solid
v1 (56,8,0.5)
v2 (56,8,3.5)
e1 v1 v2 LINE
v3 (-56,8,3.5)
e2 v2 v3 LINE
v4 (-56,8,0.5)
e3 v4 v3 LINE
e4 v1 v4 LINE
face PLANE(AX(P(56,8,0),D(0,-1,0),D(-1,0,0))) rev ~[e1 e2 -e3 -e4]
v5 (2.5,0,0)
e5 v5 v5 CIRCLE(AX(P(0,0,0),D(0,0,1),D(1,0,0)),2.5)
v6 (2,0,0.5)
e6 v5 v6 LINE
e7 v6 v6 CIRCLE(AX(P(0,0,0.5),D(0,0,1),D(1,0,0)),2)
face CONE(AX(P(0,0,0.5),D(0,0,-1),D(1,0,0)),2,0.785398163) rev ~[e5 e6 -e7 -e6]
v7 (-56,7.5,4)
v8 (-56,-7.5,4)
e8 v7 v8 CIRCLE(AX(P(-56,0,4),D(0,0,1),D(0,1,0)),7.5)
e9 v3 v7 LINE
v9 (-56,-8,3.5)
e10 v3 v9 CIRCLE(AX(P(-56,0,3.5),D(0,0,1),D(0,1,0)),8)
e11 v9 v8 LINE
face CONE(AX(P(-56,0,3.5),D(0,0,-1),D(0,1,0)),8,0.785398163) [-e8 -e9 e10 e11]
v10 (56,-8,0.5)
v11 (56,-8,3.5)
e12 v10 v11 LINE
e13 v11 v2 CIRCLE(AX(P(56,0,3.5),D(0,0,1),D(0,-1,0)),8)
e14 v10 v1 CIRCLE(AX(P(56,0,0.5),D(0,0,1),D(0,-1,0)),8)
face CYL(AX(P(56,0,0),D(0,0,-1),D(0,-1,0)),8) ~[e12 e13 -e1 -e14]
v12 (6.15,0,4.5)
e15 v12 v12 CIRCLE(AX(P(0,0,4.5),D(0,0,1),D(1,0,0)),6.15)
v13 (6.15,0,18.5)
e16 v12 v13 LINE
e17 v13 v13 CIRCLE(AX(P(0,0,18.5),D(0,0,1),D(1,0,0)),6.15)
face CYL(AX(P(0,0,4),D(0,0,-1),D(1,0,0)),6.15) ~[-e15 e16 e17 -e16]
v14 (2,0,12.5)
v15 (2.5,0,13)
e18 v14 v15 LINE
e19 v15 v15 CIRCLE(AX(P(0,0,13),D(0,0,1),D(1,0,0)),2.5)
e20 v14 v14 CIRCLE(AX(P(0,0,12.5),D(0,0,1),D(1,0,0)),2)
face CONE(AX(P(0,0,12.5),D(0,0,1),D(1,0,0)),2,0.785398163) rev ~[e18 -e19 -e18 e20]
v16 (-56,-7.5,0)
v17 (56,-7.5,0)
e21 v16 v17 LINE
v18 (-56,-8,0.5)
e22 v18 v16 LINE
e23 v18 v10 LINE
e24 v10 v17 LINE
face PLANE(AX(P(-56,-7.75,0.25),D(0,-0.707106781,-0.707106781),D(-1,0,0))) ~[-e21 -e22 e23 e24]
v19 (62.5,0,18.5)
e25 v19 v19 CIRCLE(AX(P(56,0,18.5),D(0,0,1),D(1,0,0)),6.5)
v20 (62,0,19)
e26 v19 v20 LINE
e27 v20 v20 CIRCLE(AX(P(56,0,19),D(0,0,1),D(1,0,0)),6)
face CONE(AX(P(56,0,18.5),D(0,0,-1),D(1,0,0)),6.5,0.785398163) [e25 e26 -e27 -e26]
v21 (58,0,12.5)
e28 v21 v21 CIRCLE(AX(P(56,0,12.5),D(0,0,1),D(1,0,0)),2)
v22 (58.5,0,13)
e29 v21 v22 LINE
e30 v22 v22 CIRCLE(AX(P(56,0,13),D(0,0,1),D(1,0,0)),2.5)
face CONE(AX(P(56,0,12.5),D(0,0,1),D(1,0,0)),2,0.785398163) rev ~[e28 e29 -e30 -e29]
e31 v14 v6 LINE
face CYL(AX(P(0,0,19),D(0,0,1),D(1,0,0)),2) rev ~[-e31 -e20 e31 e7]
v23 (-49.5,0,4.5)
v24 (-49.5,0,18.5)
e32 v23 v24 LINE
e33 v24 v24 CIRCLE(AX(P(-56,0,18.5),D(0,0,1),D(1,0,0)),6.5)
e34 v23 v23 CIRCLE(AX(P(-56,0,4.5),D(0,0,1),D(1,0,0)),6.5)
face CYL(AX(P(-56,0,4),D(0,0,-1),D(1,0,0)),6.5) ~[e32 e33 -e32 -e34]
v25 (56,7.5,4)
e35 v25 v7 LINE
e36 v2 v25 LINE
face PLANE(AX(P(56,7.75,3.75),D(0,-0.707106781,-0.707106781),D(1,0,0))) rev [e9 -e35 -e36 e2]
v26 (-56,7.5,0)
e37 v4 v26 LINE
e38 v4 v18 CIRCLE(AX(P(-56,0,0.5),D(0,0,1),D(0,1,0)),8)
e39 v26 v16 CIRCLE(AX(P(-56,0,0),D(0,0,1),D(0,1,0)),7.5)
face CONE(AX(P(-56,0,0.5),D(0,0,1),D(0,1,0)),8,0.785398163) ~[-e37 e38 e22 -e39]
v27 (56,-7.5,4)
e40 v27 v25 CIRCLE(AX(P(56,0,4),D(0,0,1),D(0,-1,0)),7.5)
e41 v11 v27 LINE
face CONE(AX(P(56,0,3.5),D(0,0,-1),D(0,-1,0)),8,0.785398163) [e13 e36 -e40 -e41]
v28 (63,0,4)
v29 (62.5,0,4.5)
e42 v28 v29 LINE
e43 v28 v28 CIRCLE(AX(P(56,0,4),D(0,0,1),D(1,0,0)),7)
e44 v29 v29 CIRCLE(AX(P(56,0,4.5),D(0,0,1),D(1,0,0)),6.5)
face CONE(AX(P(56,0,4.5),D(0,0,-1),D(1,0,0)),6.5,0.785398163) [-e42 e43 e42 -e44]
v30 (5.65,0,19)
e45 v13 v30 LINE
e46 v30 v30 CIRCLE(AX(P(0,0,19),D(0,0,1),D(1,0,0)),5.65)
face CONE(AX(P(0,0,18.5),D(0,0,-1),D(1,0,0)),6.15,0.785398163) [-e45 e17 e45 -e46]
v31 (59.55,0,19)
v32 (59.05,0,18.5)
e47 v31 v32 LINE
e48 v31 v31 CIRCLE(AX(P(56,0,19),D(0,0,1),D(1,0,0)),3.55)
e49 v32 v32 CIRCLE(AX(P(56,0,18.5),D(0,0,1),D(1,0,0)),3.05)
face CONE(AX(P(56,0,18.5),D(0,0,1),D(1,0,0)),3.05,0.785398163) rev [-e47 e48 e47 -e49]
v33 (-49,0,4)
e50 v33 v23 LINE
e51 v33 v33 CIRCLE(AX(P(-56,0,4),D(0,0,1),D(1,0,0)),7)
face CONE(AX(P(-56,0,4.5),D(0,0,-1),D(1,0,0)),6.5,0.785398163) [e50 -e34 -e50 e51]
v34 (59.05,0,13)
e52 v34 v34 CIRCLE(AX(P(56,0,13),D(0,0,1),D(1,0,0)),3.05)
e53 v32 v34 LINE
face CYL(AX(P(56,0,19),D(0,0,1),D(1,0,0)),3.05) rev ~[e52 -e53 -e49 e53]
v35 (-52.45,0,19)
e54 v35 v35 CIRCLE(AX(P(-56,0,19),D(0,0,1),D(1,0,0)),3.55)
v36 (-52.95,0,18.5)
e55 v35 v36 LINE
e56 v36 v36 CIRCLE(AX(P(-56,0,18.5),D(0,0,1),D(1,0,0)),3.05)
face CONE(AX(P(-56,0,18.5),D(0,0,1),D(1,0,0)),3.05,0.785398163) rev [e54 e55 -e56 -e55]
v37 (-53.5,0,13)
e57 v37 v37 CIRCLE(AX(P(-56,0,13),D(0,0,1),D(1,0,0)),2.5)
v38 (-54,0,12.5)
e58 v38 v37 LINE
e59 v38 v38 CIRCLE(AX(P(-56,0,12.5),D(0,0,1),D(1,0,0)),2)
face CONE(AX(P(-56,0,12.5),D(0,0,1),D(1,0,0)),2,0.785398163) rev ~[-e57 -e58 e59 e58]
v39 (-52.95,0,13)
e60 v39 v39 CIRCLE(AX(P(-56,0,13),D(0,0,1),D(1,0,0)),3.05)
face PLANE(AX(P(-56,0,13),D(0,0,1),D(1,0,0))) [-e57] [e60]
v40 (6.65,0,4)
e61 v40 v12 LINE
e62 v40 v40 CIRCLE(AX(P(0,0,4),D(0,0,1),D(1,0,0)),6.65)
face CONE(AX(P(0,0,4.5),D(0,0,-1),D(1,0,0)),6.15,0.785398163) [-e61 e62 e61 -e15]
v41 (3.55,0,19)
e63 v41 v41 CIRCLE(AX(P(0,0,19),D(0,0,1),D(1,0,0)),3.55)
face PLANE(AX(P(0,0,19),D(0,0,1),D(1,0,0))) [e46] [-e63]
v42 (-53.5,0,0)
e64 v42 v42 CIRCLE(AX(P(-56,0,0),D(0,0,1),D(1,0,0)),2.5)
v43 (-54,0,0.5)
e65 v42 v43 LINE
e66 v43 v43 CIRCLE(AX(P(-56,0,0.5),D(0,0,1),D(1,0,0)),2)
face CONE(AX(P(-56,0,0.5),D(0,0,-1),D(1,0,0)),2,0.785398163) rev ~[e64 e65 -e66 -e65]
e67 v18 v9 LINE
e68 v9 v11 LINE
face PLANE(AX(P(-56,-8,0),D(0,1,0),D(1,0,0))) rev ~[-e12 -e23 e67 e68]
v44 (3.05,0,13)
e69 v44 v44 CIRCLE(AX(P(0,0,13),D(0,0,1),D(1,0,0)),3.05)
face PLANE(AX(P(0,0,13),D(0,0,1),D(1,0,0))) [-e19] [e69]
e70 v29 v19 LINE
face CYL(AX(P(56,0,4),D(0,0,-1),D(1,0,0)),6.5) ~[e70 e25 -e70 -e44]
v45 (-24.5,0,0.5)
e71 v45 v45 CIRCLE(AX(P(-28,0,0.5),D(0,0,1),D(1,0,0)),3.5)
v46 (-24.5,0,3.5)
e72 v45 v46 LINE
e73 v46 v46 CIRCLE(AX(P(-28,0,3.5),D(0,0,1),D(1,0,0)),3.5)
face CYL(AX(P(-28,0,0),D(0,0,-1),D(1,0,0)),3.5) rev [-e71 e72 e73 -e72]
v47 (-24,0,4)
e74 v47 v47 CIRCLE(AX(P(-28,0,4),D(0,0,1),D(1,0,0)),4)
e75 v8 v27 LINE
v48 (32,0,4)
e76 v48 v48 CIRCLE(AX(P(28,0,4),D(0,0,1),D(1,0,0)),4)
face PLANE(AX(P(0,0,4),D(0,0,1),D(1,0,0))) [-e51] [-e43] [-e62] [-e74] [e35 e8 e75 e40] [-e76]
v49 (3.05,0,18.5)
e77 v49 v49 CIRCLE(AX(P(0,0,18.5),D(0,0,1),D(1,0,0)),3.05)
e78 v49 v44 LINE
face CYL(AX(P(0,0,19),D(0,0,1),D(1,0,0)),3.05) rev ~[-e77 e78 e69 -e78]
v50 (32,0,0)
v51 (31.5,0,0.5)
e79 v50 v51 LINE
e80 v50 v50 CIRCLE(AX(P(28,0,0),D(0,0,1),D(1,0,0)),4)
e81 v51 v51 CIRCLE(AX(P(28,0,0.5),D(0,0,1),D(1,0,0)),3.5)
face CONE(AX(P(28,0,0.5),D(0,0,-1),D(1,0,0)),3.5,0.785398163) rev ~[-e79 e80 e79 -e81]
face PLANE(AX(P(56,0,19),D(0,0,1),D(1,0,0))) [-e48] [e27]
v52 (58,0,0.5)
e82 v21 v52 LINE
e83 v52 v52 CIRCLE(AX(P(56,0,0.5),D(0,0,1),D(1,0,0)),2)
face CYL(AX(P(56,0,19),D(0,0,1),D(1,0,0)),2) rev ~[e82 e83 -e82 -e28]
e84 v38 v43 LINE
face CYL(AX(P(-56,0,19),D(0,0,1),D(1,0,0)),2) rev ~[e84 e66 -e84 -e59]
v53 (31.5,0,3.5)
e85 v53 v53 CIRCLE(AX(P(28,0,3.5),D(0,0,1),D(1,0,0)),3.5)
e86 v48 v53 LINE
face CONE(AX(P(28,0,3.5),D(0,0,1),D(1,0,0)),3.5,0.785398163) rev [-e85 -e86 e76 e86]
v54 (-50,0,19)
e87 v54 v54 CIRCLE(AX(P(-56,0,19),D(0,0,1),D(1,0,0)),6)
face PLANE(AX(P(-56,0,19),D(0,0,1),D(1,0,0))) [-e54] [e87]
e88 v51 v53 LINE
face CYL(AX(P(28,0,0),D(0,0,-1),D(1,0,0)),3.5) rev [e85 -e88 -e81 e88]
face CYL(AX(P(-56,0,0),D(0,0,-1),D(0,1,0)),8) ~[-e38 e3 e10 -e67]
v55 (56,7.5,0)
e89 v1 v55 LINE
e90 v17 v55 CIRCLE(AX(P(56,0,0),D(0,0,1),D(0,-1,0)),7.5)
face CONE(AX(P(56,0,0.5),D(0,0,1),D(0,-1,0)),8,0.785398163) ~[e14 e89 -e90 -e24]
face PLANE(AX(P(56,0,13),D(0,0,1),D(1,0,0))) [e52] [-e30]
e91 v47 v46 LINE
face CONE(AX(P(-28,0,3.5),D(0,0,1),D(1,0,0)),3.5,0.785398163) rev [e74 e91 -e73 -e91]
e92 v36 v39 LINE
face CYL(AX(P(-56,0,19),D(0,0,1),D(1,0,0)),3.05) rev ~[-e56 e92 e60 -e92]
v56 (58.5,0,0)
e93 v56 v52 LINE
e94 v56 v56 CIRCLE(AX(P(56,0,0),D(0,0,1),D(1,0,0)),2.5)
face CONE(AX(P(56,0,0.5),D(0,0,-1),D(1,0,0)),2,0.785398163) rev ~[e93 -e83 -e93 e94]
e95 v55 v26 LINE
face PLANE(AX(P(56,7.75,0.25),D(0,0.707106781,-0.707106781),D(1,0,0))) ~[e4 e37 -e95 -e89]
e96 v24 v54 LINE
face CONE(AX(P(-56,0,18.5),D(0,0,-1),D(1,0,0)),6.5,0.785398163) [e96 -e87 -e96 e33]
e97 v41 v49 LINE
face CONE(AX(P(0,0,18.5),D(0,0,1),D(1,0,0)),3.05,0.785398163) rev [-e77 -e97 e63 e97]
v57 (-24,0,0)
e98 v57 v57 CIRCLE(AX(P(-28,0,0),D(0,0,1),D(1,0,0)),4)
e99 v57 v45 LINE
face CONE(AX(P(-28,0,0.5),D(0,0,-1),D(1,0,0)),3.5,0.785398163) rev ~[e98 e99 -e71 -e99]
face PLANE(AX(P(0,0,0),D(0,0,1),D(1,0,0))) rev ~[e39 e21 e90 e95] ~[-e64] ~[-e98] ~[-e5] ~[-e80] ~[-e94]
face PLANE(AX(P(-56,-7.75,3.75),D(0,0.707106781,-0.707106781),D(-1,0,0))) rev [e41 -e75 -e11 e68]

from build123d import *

# Parameters (mm, degrees)
F0_R     = 3.5
F1_DEPTH = 4
F2_R     = 6.5
F2_R_2   = 6.15
F3_DEPTH = 15
F4_R     = 2
F5_DEPTH = 25
F6_R     = 3.05
F7_DEPTH = 6
F8_SIZE  = 0.5


with BuildPart() as f1:
    # F0 (on Top) → F1 (new body)
    with BuildSketch(Plane.XY):
        with BuildLine():
            Line((-56, -8), (56, -8))
            ThreePointArc((56, -8), (64, 0), (56, 8))
            Line((56, 8), (-56, 8))
            ThreePointArc((-56, 8), (-64, 0), (-56, -8))
        make_face()
        with Locations((-28, 0)):
            Circle(F0_R, mode=Mode.SUBTRACT)
        with Locations((28, 0)):
            Circle(F0_R, mode=Mode.SUBTRACT)
    extrude(amount=F1_DEPTH)

    # F2 (on face) → F3 (join)
    with BuildSketch(Plane.XY.offset(4)):
        with Locations((-56, 0)):
            Circle(F2_R)
        with Locations((56, 0)):
            Circle(F2_R)
        Circle(F2_R_2)
    extrude(amount=F3_DEPTH)

    # F4 (on face) → F5 (cut)
    with BuildSketch(Plane.XY.offset(19)):
        with Locations((56, 0)):
            Circle(F4_R)
        Circle(F4_R)
        with Locations((-56, 0)):
            Circle(F4_R)
    extrude(amount=-F5_DEPTH, mode=Mode.SUBTRACT)

    # F6 (on face) → F7 (cut)
    with BuildSketch(Plane.XY.offset(19)):
        with Locations((-56, 0)):
            Circle(F6_R)
        Circle(F6_R)
        with Locations((56, 0)):
            Circle(F6_R)
    extrude(amount=-F7_DEPTH, mode=Mode.SUBTRACT)

    # F8
    f8_edges = [f1.edges().sort_by_distance(p)[0] for p in [
        (-62.5, 0, 19),
        (-59.05, 0, 19),
        (-6.15, 0, 19),
        (-3.05, 0, 19),
        (49.5, 0, 19),
        (52.95, 0, 19),
        (-64, 0, 4),
        (0, 8, 4),
        (0, -8, 4),
        (64, 0, 4),
        (-62.5, 0, 4),
        (-31.5, 0, 4),
        (-6.15, 0, 4),
        (24.5, 0, 4),
        (49.5, 0, 4),
        (-64, 0, 0),
        (0, 8, 0),
        (0, -8, 0),
        (64, 0, 0),
        (-58, 0, 0),
        (-31.5, 0, 0),
        (-2, 0, 0),
        (24.5, 0, 0),
        (54, 0, 0),
        (-58, 0, 13),
        (-2, 0, 13),
        (54, 0, 13),
    ]]
    chamfer(f8_edges, length=F8_SIZE)


solid = f1.part
